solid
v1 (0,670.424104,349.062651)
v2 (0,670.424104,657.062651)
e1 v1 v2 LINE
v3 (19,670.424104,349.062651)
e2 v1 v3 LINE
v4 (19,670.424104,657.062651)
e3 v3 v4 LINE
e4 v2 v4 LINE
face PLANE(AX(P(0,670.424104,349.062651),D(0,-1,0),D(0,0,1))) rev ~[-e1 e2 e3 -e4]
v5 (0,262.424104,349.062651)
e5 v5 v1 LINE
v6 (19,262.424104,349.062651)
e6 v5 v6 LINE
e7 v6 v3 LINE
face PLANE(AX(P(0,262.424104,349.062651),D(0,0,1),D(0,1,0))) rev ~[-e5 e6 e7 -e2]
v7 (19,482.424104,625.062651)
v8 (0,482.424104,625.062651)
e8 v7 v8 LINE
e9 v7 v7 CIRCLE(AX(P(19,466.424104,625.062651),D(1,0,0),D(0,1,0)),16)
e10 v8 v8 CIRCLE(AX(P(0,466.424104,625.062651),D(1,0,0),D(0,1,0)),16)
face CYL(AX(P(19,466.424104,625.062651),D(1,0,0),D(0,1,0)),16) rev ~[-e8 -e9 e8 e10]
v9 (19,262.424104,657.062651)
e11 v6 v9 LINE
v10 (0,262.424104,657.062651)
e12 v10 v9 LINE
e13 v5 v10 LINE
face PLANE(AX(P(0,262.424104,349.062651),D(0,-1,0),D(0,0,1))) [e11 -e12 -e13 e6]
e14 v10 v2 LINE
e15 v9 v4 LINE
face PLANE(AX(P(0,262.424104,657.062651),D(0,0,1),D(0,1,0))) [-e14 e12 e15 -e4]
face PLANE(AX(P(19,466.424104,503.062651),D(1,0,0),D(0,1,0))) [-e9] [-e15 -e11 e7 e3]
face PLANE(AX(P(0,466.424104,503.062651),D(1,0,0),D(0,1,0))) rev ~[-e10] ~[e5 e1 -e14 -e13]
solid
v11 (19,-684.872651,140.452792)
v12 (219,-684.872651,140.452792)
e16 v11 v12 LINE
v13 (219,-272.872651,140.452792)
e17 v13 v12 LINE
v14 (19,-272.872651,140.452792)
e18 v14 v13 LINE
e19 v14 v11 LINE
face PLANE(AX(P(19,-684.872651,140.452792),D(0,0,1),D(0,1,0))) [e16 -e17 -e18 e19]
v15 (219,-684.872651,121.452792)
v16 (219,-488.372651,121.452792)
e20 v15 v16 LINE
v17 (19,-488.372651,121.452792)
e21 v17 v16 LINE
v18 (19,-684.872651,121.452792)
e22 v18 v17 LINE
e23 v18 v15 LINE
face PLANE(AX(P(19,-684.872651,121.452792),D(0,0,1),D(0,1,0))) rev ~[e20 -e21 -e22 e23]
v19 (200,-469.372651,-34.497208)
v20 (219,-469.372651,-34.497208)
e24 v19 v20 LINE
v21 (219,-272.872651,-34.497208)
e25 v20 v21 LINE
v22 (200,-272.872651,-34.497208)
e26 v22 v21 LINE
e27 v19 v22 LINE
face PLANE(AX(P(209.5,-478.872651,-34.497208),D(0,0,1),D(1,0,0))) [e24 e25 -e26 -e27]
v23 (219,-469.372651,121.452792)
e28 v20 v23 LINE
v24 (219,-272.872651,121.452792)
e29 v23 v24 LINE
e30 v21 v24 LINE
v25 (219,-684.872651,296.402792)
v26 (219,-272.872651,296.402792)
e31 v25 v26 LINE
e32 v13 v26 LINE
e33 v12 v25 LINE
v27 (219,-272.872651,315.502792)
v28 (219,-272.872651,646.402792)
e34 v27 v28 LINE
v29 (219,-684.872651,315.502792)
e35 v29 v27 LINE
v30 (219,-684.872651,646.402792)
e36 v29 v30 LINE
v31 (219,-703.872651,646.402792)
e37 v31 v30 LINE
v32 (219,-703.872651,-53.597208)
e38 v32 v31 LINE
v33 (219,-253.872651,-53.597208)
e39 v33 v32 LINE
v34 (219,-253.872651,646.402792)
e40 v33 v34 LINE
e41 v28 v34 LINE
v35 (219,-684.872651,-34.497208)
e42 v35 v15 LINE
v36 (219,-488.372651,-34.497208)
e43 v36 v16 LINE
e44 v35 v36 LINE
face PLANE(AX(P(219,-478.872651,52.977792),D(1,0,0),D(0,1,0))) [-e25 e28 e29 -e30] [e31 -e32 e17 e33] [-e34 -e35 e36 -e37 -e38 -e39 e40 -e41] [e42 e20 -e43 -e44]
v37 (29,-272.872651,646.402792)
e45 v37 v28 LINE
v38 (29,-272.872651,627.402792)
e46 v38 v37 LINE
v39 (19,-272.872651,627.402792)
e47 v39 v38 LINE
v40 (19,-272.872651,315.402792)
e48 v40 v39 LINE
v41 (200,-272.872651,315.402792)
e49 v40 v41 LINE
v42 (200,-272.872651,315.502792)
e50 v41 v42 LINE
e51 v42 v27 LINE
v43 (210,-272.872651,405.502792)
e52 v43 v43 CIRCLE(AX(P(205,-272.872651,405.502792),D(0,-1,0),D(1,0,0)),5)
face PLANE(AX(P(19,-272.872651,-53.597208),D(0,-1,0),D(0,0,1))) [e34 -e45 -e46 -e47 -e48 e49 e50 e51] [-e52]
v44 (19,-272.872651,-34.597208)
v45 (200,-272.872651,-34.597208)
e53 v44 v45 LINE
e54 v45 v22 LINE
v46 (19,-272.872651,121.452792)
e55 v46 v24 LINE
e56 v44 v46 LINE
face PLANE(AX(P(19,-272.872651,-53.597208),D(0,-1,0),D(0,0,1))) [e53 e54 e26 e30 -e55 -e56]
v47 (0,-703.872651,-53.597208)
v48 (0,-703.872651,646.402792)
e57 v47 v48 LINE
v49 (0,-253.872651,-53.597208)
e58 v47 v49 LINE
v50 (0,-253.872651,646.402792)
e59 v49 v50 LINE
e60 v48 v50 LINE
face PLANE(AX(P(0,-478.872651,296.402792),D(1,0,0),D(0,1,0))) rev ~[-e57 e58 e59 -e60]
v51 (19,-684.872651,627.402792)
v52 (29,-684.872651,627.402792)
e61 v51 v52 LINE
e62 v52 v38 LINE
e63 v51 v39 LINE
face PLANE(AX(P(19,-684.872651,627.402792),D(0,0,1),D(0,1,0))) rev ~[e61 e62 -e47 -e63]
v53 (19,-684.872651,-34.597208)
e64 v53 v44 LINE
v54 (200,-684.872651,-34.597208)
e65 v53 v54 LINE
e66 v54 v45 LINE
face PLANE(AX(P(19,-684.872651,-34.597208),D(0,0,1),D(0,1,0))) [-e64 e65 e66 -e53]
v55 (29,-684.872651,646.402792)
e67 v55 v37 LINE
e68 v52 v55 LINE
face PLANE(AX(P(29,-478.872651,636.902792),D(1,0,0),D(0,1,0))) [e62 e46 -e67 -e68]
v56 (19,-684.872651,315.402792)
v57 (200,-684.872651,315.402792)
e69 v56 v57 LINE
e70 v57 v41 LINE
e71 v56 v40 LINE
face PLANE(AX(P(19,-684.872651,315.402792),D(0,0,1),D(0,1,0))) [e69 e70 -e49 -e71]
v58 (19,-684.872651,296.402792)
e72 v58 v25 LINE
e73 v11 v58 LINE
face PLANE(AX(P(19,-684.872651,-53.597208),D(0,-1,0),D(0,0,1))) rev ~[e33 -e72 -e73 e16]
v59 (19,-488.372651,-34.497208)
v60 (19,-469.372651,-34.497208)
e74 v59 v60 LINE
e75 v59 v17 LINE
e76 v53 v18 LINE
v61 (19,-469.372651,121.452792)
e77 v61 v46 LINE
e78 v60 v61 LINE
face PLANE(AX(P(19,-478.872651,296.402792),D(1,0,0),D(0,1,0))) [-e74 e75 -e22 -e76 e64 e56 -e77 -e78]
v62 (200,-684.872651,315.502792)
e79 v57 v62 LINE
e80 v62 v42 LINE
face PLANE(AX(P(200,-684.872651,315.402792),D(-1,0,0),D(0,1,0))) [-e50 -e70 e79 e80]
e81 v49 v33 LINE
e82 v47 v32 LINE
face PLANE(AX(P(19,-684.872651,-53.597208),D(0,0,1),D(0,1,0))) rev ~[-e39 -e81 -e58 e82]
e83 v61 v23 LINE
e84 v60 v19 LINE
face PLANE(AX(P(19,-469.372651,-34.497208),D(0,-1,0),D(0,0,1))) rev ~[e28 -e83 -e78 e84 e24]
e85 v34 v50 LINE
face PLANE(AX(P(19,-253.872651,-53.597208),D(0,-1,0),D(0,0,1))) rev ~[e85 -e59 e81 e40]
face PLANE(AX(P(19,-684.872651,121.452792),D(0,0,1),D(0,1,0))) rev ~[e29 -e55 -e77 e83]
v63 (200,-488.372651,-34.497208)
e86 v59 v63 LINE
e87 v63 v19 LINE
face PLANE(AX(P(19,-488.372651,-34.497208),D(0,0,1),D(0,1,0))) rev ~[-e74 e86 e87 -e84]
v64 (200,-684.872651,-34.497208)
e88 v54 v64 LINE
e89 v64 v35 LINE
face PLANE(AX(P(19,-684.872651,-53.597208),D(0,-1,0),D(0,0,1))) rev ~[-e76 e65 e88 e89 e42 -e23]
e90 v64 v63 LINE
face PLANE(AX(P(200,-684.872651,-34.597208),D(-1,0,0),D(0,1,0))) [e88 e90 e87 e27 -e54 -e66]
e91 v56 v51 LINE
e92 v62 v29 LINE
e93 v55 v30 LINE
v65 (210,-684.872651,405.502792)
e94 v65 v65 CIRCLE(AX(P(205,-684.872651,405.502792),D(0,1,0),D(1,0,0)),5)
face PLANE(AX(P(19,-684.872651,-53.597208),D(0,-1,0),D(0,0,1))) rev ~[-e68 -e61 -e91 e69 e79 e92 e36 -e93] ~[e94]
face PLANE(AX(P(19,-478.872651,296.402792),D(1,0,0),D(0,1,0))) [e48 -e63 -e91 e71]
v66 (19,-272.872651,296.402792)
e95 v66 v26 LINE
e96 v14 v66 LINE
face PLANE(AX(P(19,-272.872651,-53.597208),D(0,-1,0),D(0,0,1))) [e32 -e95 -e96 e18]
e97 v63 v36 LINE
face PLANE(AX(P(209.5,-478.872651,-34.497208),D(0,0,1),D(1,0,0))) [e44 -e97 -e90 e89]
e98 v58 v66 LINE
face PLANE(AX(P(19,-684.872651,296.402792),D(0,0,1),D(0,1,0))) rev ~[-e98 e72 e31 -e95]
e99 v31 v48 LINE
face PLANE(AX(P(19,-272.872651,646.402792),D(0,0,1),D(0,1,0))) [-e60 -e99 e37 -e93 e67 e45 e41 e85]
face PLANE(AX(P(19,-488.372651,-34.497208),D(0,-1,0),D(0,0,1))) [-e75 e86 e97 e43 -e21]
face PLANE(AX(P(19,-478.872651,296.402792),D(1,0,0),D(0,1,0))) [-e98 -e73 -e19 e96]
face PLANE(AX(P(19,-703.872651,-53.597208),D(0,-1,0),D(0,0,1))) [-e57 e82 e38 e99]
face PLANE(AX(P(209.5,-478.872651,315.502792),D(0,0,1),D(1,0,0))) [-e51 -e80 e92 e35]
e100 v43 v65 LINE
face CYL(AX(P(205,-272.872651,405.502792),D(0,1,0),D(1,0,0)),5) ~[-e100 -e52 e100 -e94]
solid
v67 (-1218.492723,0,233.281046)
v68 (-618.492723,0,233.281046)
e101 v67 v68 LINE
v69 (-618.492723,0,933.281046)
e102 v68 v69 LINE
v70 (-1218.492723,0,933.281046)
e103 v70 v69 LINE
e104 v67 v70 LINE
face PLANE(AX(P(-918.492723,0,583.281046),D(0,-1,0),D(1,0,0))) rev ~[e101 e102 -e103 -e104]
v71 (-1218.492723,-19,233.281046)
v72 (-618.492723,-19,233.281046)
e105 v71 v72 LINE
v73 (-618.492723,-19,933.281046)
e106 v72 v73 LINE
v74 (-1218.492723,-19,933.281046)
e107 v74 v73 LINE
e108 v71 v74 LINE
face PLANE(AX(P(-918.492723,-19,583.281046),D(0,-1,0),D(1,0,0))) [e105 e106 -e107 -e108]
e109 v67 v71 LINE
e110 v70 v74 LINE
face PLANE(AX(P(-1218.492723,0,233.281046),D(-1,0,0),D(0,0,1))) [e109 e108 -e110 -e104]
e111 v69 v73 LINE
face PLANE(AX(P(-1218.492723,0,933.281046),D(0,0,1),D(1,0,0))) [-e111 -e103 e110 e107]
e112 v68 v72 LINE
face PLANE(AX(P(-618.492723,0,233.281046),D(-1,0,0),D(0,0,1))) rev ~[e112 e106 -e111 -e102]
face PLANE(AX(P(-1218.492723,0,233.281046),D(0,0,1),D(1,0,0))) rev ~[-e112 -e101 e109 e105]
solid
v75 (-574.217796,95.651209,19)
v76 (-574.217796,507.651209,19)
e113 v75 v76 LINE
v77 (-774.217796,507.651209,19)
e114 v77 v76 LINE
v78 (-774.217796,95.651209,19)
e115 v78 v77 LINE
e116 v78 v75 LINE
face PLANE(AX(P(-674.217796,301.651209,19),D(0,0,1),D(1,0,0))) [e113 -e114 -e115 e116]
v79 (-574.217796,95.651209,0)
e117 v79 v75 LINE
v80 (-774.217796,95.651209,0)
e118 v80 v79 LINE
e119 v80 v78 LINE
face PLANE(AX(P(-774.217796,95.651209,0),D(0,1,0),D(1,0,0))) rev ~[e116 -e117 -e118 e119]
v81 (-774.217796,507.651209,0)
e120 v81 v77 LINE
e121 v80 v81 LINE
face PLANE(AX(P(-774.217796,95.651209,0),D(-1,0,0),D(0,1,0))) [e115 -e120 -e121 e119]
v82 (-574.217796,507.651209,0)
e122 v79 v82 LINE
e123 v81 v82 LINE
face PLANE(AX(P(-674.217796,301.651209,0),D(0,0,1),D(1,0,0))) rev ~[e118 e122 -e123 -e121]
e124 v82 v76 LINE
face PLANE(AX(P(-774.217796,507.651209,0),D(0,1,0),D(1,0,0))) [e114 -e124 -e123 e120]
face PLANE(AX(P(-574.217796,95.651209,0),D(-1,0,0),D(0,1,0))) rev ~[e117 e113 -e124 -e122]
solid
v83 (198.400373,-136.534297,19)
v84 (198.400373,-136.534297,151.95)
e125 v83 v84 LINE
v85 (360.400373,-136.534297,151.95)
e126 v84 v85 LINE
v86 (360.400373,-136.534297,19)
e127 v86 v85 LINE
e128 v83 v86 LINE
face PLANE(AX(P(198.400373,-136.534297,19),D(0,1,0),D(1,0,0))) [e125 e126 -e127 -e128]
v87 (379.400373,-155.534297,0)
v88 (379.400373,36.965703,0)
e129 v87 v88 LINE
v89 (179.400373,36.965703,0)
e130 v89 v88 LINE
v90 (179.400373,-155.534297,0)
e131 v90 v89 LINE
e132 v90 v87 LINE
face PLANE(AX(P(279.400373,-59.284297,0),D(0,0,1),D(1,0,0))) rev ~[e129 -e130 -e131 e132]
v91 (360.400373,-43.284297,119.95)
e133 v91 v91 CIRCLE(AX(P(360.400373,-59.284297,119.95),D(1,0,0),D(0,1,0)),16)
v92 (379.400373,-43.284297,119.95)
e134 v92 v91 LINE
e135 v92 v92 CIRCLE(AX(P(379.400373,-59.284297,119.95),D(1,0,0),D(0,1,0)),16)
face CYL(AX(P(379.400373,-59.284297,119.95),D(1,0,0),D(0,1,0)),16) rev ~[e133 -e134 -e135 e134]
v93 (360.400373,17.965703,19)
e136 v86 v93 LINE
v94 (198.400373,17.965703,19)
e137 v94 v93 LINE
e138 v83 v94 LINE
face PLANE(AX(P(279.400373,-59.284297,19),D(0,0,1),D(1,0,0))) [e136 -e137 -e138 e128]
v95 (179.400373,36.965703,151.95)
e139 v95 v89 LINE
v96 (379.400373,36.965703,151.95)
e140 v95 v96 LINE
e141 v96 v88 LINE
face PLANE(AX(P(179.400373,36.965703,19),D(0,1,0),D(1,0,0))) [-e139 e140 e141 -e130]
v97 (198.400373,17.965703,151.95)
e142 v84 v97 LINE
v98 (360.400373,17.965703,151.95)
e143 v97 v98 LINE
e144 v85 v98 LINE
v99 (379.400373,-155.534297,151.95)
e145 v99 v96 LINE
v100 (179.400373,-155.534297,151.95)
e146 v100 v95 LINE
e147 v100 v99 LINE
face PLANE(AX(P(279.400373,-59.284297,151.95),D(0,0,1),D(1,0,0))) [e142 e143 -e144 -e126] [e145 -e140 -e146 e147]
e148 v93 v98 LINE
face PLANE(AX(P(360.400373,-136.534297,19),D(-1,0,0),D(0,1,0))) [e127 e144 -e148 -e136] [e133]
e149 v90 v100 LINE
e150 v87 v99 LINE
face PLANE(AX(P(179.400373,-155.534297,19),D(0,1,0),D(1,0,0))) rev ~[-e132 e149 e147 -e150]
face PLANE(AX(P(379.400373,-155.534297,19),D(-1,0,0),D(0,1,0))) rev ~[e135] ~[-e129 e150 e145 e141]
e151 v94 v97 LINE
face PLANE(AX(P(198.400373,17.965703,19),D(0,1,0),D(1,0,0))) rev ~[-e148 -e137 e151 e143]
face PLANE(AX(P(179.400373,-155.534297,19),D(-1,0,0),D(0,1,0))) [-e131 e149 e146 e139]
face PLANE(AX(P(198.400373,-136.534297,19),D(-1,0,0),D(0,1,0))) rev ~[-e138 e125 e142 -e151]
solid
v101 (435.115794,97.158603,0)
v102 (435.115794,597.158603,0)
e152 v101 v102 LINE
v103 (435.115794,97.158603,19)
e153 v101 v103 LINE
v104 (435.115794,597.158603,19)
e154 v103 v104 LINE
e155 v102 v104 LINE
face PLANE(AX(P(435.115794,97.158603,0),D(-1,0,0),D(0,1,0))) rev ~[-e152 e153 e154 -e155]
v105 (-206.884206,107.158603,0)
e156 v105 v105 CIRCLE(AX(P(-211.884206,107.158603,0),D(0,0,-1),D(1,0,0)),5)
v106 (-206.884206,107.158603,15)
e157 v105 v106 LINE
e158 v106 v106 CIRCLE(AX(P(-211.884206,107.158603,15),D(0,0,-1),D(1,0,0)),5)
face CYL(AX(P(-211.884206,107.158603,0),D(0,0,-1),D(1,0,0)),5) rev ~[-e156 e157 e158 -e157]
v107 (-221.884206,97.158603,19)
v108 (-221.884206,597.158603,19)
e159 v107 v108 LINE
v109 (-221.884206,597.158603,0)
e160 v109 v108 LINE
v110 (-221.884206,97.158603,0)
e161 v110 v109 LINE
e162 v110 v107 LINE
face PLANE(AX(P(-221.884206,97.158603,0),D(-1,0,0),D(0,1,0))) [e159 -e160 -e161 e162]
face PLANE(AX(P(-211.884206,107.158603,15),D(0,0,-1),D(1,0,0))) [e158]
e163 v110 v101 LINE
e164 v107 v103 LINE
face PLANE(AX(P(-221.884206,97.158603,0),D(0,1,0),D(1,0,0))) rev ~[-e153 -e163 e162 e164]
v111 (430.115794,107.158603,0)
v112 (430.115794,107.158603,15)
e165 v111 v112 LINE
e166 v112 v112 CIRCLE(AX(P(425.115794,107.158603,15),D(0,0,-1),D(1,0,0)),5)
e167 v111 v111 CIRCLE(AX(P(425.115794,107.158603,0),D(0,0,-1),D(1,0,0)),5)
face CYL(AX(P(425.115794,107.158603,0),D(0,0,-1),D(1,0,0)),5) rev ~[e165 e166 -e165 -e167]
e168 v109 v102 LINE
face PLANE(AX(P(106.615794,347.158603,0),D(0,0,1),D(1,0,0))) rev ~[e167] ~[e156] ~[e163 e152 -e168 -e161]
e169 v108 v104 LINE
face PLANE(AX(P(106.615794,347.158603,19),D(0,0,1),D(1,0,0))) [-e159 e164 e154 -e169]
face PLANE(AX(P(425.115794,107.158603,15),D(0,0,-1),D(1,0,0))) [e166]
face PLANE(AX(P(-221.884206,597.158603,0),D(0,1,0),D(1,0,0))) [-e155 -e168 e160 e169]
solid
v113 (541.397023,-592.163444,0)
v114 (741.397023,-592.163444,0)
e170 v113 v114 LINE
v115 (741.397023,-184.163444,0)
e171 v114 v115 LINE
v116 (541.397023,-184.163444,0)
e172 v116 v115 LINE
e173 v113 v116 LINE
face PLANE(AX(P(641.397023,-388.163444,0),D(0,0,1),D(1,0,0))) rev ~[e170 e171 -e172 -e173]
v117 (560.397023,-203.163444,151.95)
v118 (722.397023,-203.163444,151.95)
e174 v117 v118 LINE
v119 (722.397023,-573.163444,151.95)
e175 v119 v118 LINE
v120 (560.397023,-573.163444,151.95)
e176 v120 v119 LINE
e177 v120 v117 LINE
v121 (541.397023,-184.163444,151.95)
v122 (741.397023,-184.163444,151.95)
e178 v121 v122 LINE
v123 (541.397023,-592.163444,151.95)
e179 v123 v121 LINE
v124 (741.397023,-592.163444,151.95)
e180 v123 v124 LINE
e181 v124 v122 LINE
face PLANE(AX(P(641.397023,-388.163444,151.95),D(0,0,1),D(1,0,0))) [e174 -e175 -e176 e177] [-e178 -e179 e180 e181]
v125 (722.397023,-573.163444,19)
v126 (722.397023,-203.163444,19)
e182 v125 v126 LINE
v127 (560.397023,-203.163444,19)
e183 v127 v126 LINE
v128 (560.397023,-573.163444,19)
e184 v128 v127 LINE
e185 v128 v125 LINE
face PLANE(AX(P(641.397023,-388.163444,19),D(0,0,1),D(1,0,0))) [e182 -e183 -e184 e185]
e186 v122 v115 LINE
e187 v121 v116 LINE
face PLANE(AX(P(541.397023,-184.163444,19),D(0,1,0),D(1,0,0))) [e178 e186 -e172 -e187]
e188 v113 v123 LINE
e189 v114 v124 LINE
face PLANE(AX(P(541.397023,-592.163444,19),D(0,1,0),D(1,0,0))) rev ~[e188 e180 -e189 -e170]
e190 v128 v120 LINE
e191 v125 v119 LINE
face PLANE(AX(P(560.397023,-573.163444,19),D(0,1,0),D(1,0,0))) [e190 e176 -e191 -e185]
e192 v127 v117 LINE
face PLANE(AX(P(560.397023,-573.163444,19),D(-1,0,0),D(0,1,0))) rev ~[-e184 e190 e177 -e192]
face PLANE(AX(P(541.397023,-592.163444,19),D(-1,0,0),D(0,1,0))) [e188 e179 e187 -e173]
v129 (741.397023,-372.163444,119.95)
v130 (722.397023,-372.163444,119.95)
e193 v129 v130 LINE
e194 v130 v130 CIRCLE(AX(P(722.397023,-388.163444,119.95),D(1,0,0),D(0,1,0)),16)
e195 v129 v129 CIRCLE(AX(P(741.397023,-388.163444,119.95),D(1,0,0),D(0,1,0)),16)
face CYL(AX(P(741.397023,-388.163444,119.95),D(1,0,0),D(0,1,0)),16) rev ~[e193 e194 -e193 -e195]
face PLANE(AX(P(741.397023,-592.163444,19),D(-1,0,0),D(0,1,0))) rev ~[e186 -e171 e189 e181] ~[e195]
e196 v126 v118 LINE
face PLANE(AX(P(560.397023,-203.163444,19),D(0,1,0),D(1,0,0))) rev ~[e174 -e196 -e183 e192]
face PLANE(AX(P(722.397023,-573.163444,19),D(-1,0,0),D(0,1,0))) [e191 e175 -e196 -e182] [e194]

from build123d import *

# Parameters (mm, degrees)
F0_W      = 450
F0_H      = 700
F1_DEPTH  = 19
F2_W      = 19
F2_H      = 700
F3_DEPTH  = 200
F4_W      = 19
F4_H      = 700
F5_DEPTH  = 200
F6_W      = 412
F6_H      = 19
F7_DEPTH  = 10
F8_W      = 412
F8_H      = 19
F9_DEPTH  = 200
F10_W     = 19
F10_H     = 412
F11_DEPTH = 0.1
F12_W     = 412
F12_H     = 19
F13_DEPTH = 200
F14_W     = 19
F14_H     = 412
F15_DEPTH = 0.1
F16_W     = 657
F16_H     = 500
F17_DEPTH = 19
F18_W     = 600
F18_H     = 700
F19_DEPTH = 19
F20_R     = 5
F21_DEPTH = 15
F22_R     = 5
F23_DEPTH = 15
F24_R     = 5
F25_DEPTH = 15
F26_R     = 5
F27_DEPTH = 15
F28_R     = 5
F29_DEPTH = 430
F30_W     = 412
F30_H     = 19
F31_DEPTH = 200
F32_W     = 19
F32_H     = 174.95
F33_DEPTH = 200
F34_W     = 200
F34_H     = 192.5
F35_DEPTH = 19
F36_W     = 200
F36_H     = 192.5
F36_W_2   = 162
F36_H_2   = 154.5
F37_DEPTH = 132.95
F38_R     = 16
F39_DEPTH = 25
F40_W     = 200
F40_H     = 408
F41_DEPTH = 19
F42_W     = 200
F42_H     = 408
F42_W_2   = 162
F42_H_2   = 370
F43_DEPTH = 132.95
F44_R     = 16
F45_DEPTH = 25
F46_W     = 408
F46_H     = 308
F47_DEPTH = 19
F48_R     = 16
F49_DEPTH = 25
F50_W     = 200
F50_H     = 412
F51_DEPTH = 19


with BuildPart() as f1:
    # F0 (on Right) → F1 (new body)
    with BuildSketch(Plane.YZ):
        with Locations((-478.8726508617, 296.4027918875)):
            Rectangle(F0_W, F0_H)
    extrude(amount=F1_DEPTH)

    # F2 (on face) → F3 (join)
    with BuildSketch(Plane.YZ.offset(19)):
        with Locations((-694.3726508617, 296.4027918875)):
            Rectangle(F2_W, F2_H)
    extrude(amount=F3_DEPTH)

    # F4 (on face) → F5 (join)
    with BuildSketch(Plane.YZ.offset(19)):
        with Locations((-263.3726508617, 296.4027918875)):
            Rectangle(F4_W, F4_H)
    extrude(amount=F5_DEPTH)

    # F6 (on face) → F7 (join)
    with BuildSketch(Plane.YZ.offset(19)):
        with Locations((-478.8726508617, 636.9027918875)):
            Rectangle(F6_W, F6_H)
    extrude(amount=F7_DEPTH)

    # F8 (on face) → F9 (join)
    with BuildSketch(Plane.YZ.offset(19)):
        with Locations((-478.8726508617, -44.0972081125)):
            Rectangle(F8_W, F8_H)
    extrude(amount=F9_DEPTH)

    # F10 (on face) → F11 (join)
    with BuildSketch(Plane.XY.offset(-34.5972081125)):
        with Locations((209.5, -478.8726508617)):
            Rectangle(F10_W, F10_H)
    extrude(amount=F11_DEPTH)

    # F12 (on face) → F13 (join)
    with BuildSketch(Plane.YZ.offset(19)):
        with Locations((-478.8726508617, 305.9027918875)):
            Rectangle(F12_W, F12_H)
    extrude(amount=F13_DEPTH)

    # F14 (on face) → F15 (join)
    with BuildSketch(Plane.XY.offset(315.4027918875)):
        with Locations((209.5, -478.8726508617)):
            Rectangle(F14_W, F14_H)
    extrude(amount=F15_DEPTH)

    # F20 (on face) → F21 (cut)
    with BuildSketch(Plane.XY.offset(646.4027918875)):
        with Locations((169, -303.8726508617)):
            Circle(F20_R)
    extrude(amount=-F21_DEPTH, mode=Mode.SUBTRACT)

    # F24 (on face) → F25 (cut)
    with BuildSketch(Plane.XY.offset(646.4027918875)):
        with Locations((169, -653.8726508617)):
            Circle(F24_R)
    extrude(amount=-F25_DEPTH, mode=Mode.SUBTRACT)

    # F28 (on face) → F29 (join)
    with BuildSketch(Plane.XZ.offset(272.8726508617)):
        with Locations((205, 405.5027918875)):
            Circle(F28_R)
    extrude(amount=F29_DEPTH)

    # F30 (on face) → F31 (join)
    with BuildSketch(Plane.YZ.offset(19)):
        with Locations((-478.8726508617, 130.9527918875)):
            Rectangle(F30_W, F30_H)
    extrude(amount=F31_DEPTH)

    # F32 (on face) → F33 (join)
    with BuildSketch(Plane.YZ.offset(19)):
        with Locations((-478.8726508617, 52.9777918875)):
            Rectangle(F32_W, F32_H)
    extrude(amount=F33_DEPTH)


with BuildPart() as f17:
    # F16 (on Top) → F17 (new body)
    with BuildSketch(Plane.XY):
        with Locations((106.6157940626, 347.1586033702)):
            Rectangle(F16_W, F16_H)
    extrude(amount=F17_DEPTH)

    # F22 (on face) → F23 (cut)
    with BuildSketch(Plane(origin=(0, 0, 0), x_dir=(1, 0, 0), z_dir=(0, 0, -1))):
        with Locations((425.1157940626, -107.1586033702)):
            Circle(F22_R)
    extrude(amount=-F23_DEPTH, mode=Mode.SUBTRACT)

    # F26 (on face) → F27 (cut)
    with BuildSketch(Plane(origin=(0, 0, 0), x_dir=(1, 0, 0), z_dir=(0, 0, -1))):
        with Locations((-211.8842059374, -107.1586033702)):
            Circle(F26_R)
    extrude(amount=-F27_DEPTH, mode=Mode.SUBTRACT)


with BuildPart() as f19:
    # F18 (on Front) → F19 (new body)
    with BuildSketch(Plane.XZ):
        with Locations((-918.4927225113, 583.2810461521)):
            Rectangle(F18_W, F18_H)
    extrude(amount=F19_DEPTH)


with BuildPart() as f35:
    # F34 (on Top) → F35 (new body)
    with BuildSketch(Plane.XY):
        with Locations((279.4003725052, -59.2842972279)):
            Rectangle(F34_W, F34_H)
    extrude(amount=F35_DEPTH)

    # F36 (on face) → F37 (join)
    with BuildSketch(Plane.XY.offset(19)):
        with Locations((279.4003725052, -59.2842972279)):
            Rectangle(F36_W, F36_H)
        with Locations((279.4003725052, -59.2842972279)):
            Rectangle(F36_W_2, F36_H_2, mode=Mode.SUBTRACT)
    extrude(amount=F37_DEPTH)

    # F38 (on face) → F39 (cut)
    with BuildSketch(Plane.YZ.offset(379.4003725052)):
        with Locations((-59.2842972279, 119.95)):
            Circle(F38_R)
    extrude(amount=-F39_DEPTH, mode=Mode.SUBTRACT)


with BuildPart() as f41:
    # F40 (on Top) → F41 (new body)
    with BuildSketch(Plane.XY):
        with Locations((641.397023201, -388.1634435654)):
            Rectangle(F40_W, F40_H)
    extrude(amount=F41_DEPTH)

    # F42 (on face) → F43 (join)
    with BuildSketch(Plane.XY.offset(19)):
        with Locations((641.397023201, -388.1634435654)):
            Rectangle(F42_W, F42_H)
        with Locations((641.397023201, -388.1634435654)):
            Rectangle(F42_W_2, F42_H_2, mode=Mode.SUBTRACT)
    extrude(amount=F43_DEPTH)

    # F44 (on face) → F45 (cut)
    with BuildSketch(Plane.YZ.offset(741.397023201)):
        with Locations((-388.1634435654, 119.95)):
            Circle(F44_R)
    extrude(amount=-F45_DEPTH, mode=Mode.SUBTRACT)


with BuildPart() as f47:
    # F46 (on Right) → F47 (new body)
    with BuildSketch(Plane.YZ):
        with Locations((466.4241037369, 503.0626513958)):
            Rectangle(F46_W, F46_H)
    extrude(amount=F47_DEPTH)

    # F48 (on face) → F49 (cut)
    with BuildSketch(Plane.YZ.offset(19)):
        with Locations((466.4241037369, 625.0626513958)):
            Circle(F48_R)
    extrude(amount=-F49_DEPTH, mode=Mode.SUBTRACT)


with BuildPart() as f51:
    # F50 (on Top) → F51 (new body)
    with BuildSketch(Plane.XY):
        with Locations((-674.2177963257, 301.6512093544)):
            Rectangle(F50_W, F50_H)
    extrude(amount=F51_DEPTH)


solid = Compound([f1.part, f17.part, f19.part, f35.part, f41.part, f47.part, f51.part])
